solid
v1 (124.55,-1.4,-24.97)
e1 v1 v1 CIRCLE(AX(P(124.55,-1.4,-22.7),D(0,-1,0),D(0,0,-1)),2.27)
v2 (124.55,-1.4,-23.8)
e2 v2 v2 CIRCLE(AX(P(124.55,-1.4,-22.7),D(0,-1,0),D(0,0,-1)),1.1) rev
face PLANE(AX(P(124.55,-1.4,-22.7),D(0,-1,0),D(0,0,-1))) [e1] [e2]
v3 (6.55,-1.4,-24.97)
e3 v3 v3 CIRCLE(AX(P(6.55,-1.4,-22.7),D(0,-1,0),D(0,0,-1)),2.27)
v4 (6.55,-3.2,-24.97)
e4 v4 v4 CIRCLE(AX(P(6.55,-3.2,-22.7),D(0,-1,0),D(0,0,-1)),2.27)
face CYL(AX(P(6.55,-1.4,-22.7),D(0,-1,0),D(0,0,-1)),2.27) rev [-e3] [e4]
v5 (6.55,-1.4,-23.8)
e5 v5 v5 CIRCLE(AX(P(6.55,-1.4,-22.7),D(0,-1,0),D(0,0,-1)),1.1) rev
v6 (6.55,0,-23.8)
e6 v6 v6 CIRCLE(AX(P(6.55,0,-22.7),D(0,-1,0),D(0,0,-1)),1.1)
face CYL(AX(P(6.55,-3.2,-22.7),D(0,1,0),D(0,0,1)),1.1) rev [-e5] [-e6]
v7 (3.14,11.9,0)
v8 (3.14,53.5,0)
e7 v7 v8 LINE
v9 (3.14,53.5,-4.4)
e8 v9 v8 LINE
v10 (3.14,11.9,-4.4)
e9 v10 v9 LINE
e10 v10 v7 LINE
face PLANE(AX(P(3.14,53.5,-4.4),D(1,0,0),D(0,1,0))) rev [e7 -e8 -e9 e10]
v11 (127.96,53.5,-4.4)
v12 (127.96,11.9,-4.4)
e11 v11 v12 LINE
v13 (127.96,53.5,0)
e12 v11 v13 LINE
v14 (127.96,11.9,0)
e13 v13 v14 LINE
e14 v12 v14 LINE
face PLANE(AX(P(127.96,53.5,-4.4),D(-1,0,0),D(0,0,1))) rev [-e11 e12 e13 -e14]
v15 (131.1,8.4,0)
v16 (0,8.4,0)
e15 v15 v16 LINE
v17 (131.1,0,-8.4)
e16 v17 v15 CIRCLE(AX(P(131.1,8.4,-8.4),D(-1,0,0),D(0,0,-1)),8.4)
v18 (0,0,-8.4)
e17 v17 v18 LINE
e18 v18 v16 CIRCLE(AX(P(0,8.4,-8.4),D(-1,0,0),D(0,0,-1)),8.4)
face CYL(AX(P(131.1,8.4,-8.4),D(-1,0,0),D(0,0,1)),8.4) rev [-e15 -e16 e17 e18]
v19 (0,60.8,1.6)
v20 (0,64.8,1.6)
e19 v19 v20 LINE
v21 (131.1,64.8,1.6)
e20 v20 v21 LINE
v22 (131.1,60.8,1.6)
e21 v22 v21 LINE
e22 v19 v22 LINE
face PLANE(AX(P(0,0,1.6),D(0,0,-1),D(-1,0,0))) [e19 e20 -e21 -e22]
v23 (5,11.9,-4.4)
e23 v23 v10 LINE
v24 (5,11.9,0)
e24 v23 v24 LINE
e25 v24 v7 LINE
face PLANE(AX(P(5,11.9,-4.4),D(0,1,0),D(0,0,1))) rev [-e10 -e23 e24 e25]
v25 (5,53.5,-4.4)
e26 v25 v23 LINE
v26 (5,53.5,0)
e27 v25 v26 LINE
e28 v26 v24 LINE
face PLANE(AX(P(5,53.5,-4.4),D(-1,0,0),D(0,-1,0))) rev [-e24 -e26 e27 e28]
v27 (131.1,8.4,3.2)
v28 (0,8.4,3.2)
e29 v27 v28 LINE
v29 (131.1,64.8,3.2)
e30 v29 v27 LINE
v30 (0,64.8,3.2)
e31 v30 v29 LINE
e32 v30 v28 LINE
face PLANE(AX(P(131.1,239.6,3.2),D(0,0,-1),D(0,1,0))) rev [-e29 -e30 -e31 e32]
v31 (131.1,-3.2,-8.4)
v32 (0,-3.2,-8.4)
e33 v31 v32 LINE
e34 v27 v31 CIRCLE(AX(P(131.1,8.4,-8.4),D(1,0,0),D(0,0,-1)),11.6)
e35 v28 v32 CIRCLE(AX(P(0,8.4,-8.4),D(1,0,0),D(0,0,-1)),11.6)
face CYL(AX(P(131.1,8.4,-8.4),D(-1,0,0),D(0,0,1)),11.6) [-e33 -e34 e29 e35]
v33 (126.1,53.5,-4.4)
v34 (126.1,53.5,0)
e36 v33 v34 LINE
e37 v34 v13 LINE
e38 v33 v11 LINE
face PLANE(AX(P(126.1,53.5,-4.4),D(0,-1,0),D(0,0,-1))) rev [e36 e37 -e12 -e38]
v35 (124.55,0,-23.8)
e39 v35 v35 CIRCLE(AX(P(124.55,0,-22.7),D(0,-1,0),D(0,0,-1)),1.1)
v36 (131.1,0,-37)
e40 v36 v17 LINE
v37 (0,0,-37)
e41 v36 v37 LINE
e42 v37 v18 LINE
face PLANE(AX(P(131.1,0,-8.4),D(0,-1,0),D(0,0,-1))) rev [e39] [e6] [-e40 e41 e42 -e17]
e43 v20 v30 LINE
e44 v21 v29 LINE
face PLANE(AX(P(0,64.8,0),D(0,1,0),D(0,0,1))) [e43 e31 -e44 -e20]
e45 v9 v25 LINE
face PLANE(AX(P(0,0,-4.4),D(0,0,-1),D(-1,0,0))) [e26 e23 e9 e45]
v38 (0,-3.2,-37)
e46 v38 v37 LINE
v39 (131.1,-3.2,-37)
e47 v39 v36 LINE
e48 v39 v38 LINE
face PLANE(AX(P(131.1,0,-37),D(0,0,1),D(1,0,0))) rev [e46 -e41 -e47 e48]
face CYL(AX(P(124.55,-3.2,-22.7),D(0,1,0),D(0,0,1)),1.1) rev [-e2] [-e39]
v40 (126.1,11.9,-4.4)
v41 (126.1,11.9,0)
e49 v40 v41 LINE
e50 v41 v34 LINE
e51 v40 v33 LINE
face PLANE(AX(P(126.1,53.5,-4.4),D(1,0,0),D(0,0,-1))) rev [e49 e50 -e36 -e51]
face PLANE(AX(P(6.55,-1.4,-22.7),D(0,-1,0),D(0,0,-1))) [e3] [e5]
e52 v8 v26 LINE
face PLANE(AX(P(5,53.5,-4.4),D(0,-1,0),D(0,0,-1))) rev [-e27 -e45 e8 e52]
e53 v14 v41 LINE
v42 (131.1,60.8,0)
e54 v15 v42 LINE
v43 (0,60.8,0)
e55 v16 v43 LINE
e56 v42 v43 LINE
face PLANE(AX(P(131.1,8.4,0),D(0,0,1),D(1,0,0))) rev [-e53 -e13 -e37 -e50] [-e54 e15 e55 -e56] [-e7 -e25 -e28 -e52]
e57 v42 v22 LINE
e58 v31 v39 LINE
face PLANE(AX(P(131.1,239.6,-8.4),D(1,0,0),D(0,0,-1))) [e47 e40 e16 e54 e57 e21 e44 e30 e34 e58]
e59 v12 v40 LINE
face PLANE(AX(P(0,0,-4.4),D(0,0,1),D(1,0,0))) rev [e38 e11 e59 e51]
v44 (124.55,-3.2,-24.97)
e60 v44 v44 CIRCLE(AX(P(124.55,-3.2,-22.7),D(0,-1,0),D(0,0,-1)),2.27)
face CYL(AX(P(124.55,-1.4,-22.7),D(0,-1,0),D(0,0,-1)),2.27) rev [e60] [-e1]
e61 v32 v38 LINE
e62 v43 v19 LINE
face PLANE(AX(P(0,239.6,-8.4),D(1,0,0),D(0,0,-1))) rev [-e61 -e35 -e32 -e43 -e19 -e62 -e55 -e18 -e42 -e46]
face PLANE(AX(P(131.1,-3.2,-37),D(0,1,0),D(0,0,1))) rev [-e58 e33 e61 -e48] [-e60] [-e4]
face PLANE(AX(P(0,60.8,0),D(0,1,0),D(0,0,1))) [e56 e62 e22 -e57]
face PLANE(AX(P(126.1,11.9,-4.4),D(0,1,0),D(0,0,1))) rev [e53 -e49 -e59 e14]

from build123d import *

# Parameters (mm, degrees)
SALIENTE_EXTRUIR1_DEPTH    = 131.1
CROQUIS3_R                 = 1.1
CORTAR_EXTRUIR1_DEPTH      = 289.575068223
CROQUIS4_R                 = 10.7
CROQUIS4_R_2               = 5.07
CROQUIS4_W                 = 121.1
CROQUIS4_H                 = 75.8
CROQUIS4_W_2               = 1.6
CROQUIS4_H_2               = 10
CROQUIS4_W_3               = 10
CROQUIS4_H_3               = 10.6
CORTAR_EXTRUIR2_DEPTH      = 287.189954401
CROQUIS7_W                 = 1.36
CROQUIS7_H                 = 98
CROQUIS7_W_2               = 1.86
CROQUIS7_H_2               = 41.6
SALIENTE_EXTRUIR2_DEPTH    = 4.4
CROQUIS8_R                 = 2.27
CORTAR_EXTRUIR3_DEPTH      = 1.8
CORTAR_EXTRUIR4_START      = -1.8
CROQUIS9_R                 = 2.27
CORTAR_EXTRUIR4_DEPTH      = 1.8
CROQUIS10_R                = 11.9
CROQUIS10_R_2              = 10.7
CROQUIS10_W                = 12.4
CROQUIS10_H                = 13
CROQUIS10_W_2              = 10
CROQUIS10_H_2              = 10.6
SALIENTE_EXTRUIR4_DEPTH    = 8.6
REDONDEO2_R                = 1.28
CORTAR_EXTRUIR5_REACH      = 292.482
CORTAR_EXTRUIR5_END_RADIUS = 10.7
CROQUIS11_W                = 4
CROQUIS11_H                = 14
SALIENTE_EXTRUIR6_START    = 1
CROQUIS13_W                = 12.4
CROQUIS13_H                = 13
SALIENTE_EXTRUIR6_DEPTH    = 1
CROQUIS14_R                = 2.8
CROQUIS14_R_2              = 1.5
SALIENTE_EXTRUIR7_DEPTH    = 8.4
REDONDEO3_R                = 1.28
CROQUIS17_W                = 4.4
CROQUIS17_H                = 0.4
CORTAR_EXTRUIR6_DEPTH      = 285.106479335
REDONDEO4_R                = 1.6
CROQUIS19_R                = 1.12
SALIENTE_EXTRUIR8_DEPTH    = 8.6
REDONDEO5_R                = 1
CORTAR_EXTRUIR8_START      = -1.86
CROQUIS21_W                = 0.6
CROQUIS21_H                = 26
CORTAR_EXTRUIR8_DEPTH      = 1.86
CROQUIS23_W                = 121.1
CROQUIS23_H                = 0.1
CORTAR_EXTRUIR9_DEPTH      = 287.189954401
CORTAR_EXTRUIR10_DEPTH     = 286.758027009


with BuildPart() as part:
    # Croquis2 → Saliente-Extruir1 (new body)
    with BuildSketch(Plane(origin=(0, 0, 0), x_dir=(0, 0, -1), z_dir=(1, 0, 0))):
        with BuildLine():
            Line((37, 0), (37, -3.2))
            Line((37, -3.2), (8.4, -3.2))
            ThreePointArc((8.4, -3.2), (0.197561338, 0.197561338), (-3.2, 8.4))
            Line((-3.2, 8.4), (-3.2, 239.6))
            ThreePointArc((-3.2, 239.6), (0.197561338, 247.802438662), (8.4, 251.2))
            Line((8.4, 251.2), (37, 251.2))
            Line((37, 251.2), (37, 248))
            Line((37, 248), (8.4, 248))
            ThreePointArc((8.4, 248), (2.460303038, 245.539696962), (0, 239.6))
            Line((0, 239.6), (0, 8.4))
            ThreePointArc((0, 8.4), (2.460303038, 2.460303038), (8.4, 0))
            Line((8.4, 0), (37, 0))
        make_face()
    extrude(amount=SALIENTE_EXTRUIR1_DEPTH)

    # Croquis3 → Cortar-Extruir1 (cut, through all)
    with BuildSketch(Plane(origin=(0, 251.2, 0), x_dir=(1, 0, 0), z_dir=(0, 1, 0))):
        with Locations(Location((6.55, 22.7, 0), (0, 0, 270))):
            Circle(CROQUIS3_R)
        with Locations(Location((124.55, 22.7, 0), (0, 0, 270))):
            Circle(CROQUIS3_R)
    extrude(amount=-CORTAR_EXTRUIR1_DEPTH, mode=Mode.SUBTRACT)

    # Croquis4 → Cortar-Extruir2 (cut, through all)
    with BuildSketch(Plane.XY.offset(3.2)):
        with Locations((17, 79.6)):
            Circle(CROQUIS4_R)
        with Locations((65.55, 113.5)):
            Circle(CROQUIS4_R_2)
        with Locations((65.55, 196.1)):
            Rectangle(CROQUIS4_W, CROQUIS4_H)
        with Locations((9.2, 112)):
            Rectangle(CROQUIS4_W_2, CROQUIS4_H_2)
        with Locations((45.7, 91.4)):
            Rectangle(CROQUIS4_W_3, CROQUIS4_H_3)
        with Locations((5.8, 112)):
            Rectangle(CROQUIS4_W_2, CROQUIS4_H_2)
        with Locations((12.6, 112)):
            Rectangle(CROQUIS4_W_2, CROQUIS4_H_2)
        with Locations((16, 112)):
            Rectangle(CROQUIS4_W_2, CROQUIS4_H_2)
        with Locations((19.4, 112)):
            Rectangle(CROQUIS4_W_2, CROQUIS4_H_2)
        with Locations((22.8, 112)):
            Rectangle(CROQUIS4_W_2, CROQUIS4_H_2)
        with Locations((26.2, 112)):
            Rectangle(CROQUIS4_W_2, CROQUIS4_H_2)
        with Locations((29.6, 112)):
            Rectangle(CROQUIS4_W_2, CROQUIS4_H_2)
        with Locations((33, 112)):
            Rectangle(CROQUIS4_W_2, CROQUIS4_H_2)
        with Locations((36.4, 112)):
            Rectangle(CROQUIS4_W_2, CROQUIS4_H_2)
        with Locations((39.8, 112)):
            Rectangle(CROQUIS4_W_2, CROQUIS4_H_2)
        with Locations((43.2, 112)):
            Rectangle(CROQUIS4_W_2, CROQUIS4_H_2)
        with Locations((46.6, 112)):
            Rectangle(CROQUIS4_W_2, CROQUIS4_H_2)
        with Locations((50, 112)):
            Rectangle(CROQUIS4_W_2, CROQUIS4_H_2)
    extrude(amount=-CORTAR_EXTRUIR2_DEPTH, mode=Mode.SUBTRACT)

    # Croquis7 → Saliente-Extruir2 (add)
    with BuildSketch(Plane(origin=(0, 0, 0), x_dir=(-1, 0, 0), z_dir=(0, 0, -1))):
        Polygon((-127.46, 125.3), (-127.96, 125.3), (-127.96, 66.3), (-127.46, 66.3), (-126.1, 66.3), (-126.1, 125.3), align=None)
        with Locations((-126.78, 185)):
            Rectangle(CROQUIS7_W, CROQUIS7_H)
        with Locations((-4.32, 185)):
            Rectangle(CROQUIS7_W, CROQUIS7_H)
        Polygon((-3.64, 125.3), (-5, 125.3), (-5, 66.3), (-3.64, 66.3), (-3.14, 66.3), (-3.14, 125.3), align=None)
        with Locations((-127.03, 32.7)):
            Rectangle(CROQUIS7_W_2, CROQUIS7_H_2)
        with Locations((-4.07, 32.7)):
            Rectangle(CROQUIS7_W_2, CROQUIS7_H_2)
    extrude(amount=SALIENTE_EXTRUIR2_DEPTH)

    # Croquis8 → Cortar-Extruir3 (cut)
    with BuildSketch(Plane(origin=(0, 251.2, 0), x_dir=(1, 0, 0), z_dir=(0, 1, 0))):
        with Locations(Location((6.55, 22.7, 0), (0, 0, 270))):
            Circle(CROQUIS8_R)
        with Locations(Location((124.55, 22.7, 0), (0, 0, 270))):
            Circle(CROQUIS8_R)
    extrude(amount=-CORTAR_EXTRUIR3_DEPTH, mode=Mode.SUBTRACT)

    # Croquis9 → Cortar-Extruir4 (cut)
    with BuildSketch(Plane.XZ.offset(3.2).offset(CORTAR_EXTRUIR4_START)):
        with Locations(Location((124.55, -22.7, 0), (0, 0, 90))):
            Circle(CROQUIS9_R)
        with Locations(Location((6.55, -22.7, 0), (0, 0, 90))):
            Circle(CROQUIS9_R)
    extrude(amount=CORTAR_EXTRUIR4_DEPTH, mode=Mode.SUBTRACT)

    # Croquis10 → Saliente-Extruir4 (add)
    # profile 1 of 2: a face of its own
    with BuildSketch(Plane(origin=(0, 0, 0), x_dir=(-1, 0, 0), z_dir=(0, 0, -1))):
        with Locations(Location((-17, 79.6, 0), (0, 0, 180))):
            Circle(CROQUIS10_R)
        with Locations(Location((-17, 79.6, 0), (0, 0, 180))):
            Circle(CROQUIS10_R_2, mode=Mode.SUBTRACT)
    # profile 2 of 2: a face of its own
    with BuildSketch(Plane(origin=(0, 0, 0), x_dir=(-1, 0, 0), z_dir=(0, 0, -1))):
        with Locations((-45.7, 91.4)):
            Rectangle(CROQUIS10_W, CROQUIS10_H)
        with Locations((-45.7, 91.4)):
            Rectangle(CROQUIS10_W_2, CROQUIS10_H_2, mode=Mode.SUBTRACT)
    extrude(amount=SALIENTE_EXTRUIR4_DEPTH)

    # Redondeo2
    redondeo2_edges = [part.edges().sort_by_distance(p)[0] for p in [
        (40.7, 86.1, -2.7),
        (40.7, 96.7, -2.7),
        (50.7, 96.7, -2.7),
        (50.7, 86.1, -2.7),
    ]]
    fillet(redondeo2_edges, radius=REDONDEO2_R)

    # Cortar-Extruir5: up to this cylinder (the profile starts outside it)
    cortar_extruir5_end = Plane(origin=(17, 79.6, -4.3), z_dir=(0, 0, 1)) * Cylinder(CORTAR_EXTRUIR5_END_RADIUS, 607.364, mode=Mode.PRIVATE)
    # Croquis11 → Cortar-Extruir5 (cut, up to the surface)
    with BuildSketch(Plane.ZY.offset(10), mode=Mode.PRIVATE) as cortar_extruir5_sk1:
        with Locations((-4.3, 79.6)):
            Rectangle(CROQUIS11_W, CROQUIS11_H)
    cortar_extruir5_tool1 = extrude(cortar_extruir5_sk1.sketch, amount=-CORTAR_EXTRUIR5_REACH, mode=Mode.PRIVATE) - cortar_extruir5_end
    add(cortar_extruir5_tool1.solids().sort_by_distance((-10, 79.6, -4.3))[0], mode=Mode.SUBTRACT)

    # Croquis13 → Saliente-Extruir6 (add)
    with BuildSketch(Plane(origin=(0, 0, -8.6), x_dir=(-1, 0, 0), z_dir=(0, 0, -1)).offset(SALIENTE_EXTRUIR6_START)):
        with Locations((-45.7, 91.4)):
            Rectangle(CROQUIS13_W, CROQUIS13_H)
        with BuildLine():
            ThreePointArc((-49.42, 86.1), (-50.32509668, 86.47490332), (-50.7, 87.38))
            Line((-50.7, 87.38), (-50.7, 95.42))
            ThreePointArc((-50.7, 95.42), (-50.32509668, 96.32509668), (-49.42, 96.7))
            Line((-49.42, 96.7), (-41.98, 96.7))
            ThreePointArc((-41.98, 96.7), (-41.07490332, 96.32509668), (-40.7, 95.42))
            Line((-40.7, 95.42), (-40.7, 87.38))
            ThreePointArc((-40.7, 87.38), (-41.07490332, 86.47490332), (-41.98, 86.1))
            Line((-41.98, 86.1), (-49.42, 86.1))
        make_face(mode=Mode.SUBTRACT)
    extrude(amount=-SALIENTE_EXTRUIR6_DEPTH)

    # Croquis14 → Saliente-Extruir7 (add)
    with BuildSketch(Plane(origin=(0, 0, 0), x_dir=(-1, 0, 0), z_dir=(0, 0, -1))):
        with Locations(Location((-65.55, 88.8, 0), (0, 0, 180))):
            Circle(CROQUIS14_R)
        with Locations((-65.55, 88.8)):
            Circle(CROQUIS14_R_2, mode=Mode.SUBTRACT)
    extrude(amount=SALIENTE_EXTRUIR7_DEPTH)

    # Redondeo3
    redondeo3_edges = [part.edges().sort_by_distance(p)[0] for p in [
        (62.75, 88.8, 0),
    ]]
    fillet(redondeo3_edges, radius=REDONDEO3_R)

    # Croquis17 → Cortar-Extruir6 (cut, through all)
    with BuildSketch(Plane(origin=(127.46, 0, 0), x_dir=(0, 0, -1), z_dir=(1, 0, 0))):
        with Locations((2.2, 233.8)):
            Rectangle(CROQUIS17_W, CROQUIS17_H)
    extrude(amount=-CORTAR_EXTRUIR6_DEPTH, mode=Mode.SUBTRACT)

    # Redondeo4
    redondeo4_edges = [part.edges().sort_by_distance(p)[0] for p in [
        (51.9, 91.4, 0),
        (39.5, 91.4, 0),
    ]]
    fillet(redondeo4_edges, radius=REDONDEO4_R)

    # Croquis19 → Saliente-Extruir8 (add)
    with BuildSketch(Plane(origin=(0, 0, 0), x_dir=(-1, 0, 0), z_dir=(0, 0, -1))):
        with Locations((-17, 91.5)):
            Circle(CROQUIS19_R)
        with Locations((-17, 67.7)):
            Circle(CROQUIS19_R)
    extrude(amount=SALIENTE_EXTRUIR8_DEPTH)

    # Redondeo5
    redondeo5_edges = [part.edges().sort_by_distance(p)[0] for p in [
        (28.9, 79.6, 0),
    ]]
    fillet(redondeo5_edges, radius=REDONDEO5_R)

    # Croquis21 → Cortar-Extruir8 (cut)
    with BuildSketch(Plane(origin=(127.96, 0, 0), x_dir=(0, 0, -1), z_dir=(1, 0, 0)).offset(CORTAR_EXTRUIR8_START)):
        with Locations((4.1, 79.3)):
            Rectangle(CROQUIS21_W, CROQUIS21_H)
    extrude(amount=CORTAR_EXTRUIR8_DEPTH, mode=Mode.SUBTRACT)

    # Croquis23 → Cortar-Extruir9 (cut, through all)
    with BuildSketch(Plane.XY.offset(3.2)):
        with Locations((65.55, 158.15)):
            Rectangle(CROQUIS23_W, CROQUIS23_H)
    extrude(amount=-CORTAR_EXTRUIR9_DEPTH, mode=Mode.SUBTRACT)

    # Croquis24 → Cortar-Extruir10 (cut, through all)
    with BuildSketch(Plane(origin=(131.1, 0, 0), x_dir=(0, 0, -1), z_dir=(1, 0, 0))):
        with BuildLine():
            Line((37, 60.8), (37, 248))
            Line((37, 248), (8.4, 248))
            ThreePointArc((8.4, 248), (2.460303038, 245.539696962), (0, 239.6))
            Line((0, 239.6), (0, 60.8))
            Line((0, 60.8), (37, 60.8))
        make_face()
        with BuildLine():
            Line((37, 248), (37, 251.2))
            Line((37, 251.2), (8.4, 251.2))
            ThreePointArc((8.4, 251.2), (0.197561338, 247.802438662), (-3.2, 239.6))
            Line((-3.2, 239.6), (-3.2, 64.8))
            Line((-3.2, 64.8), (-1.6, 64.8))
            Line((-1.6, 64.8), (-1.6, 60.8))
            Line((-1.6, 60.8), (0, 60.8))
            Line((0, 60.8), (0, 239.6))
            ThreePointArc((0, 239.6), (2.460303038, 245.539696962), (8.4, 248))
            Line((8.4, 248), (37, 248))
        make_face()
    extrude(amount=-CORTAR_EXTRUIR10_DEPTH, mode=Mode.SUBTRACT)


solid = part.part
